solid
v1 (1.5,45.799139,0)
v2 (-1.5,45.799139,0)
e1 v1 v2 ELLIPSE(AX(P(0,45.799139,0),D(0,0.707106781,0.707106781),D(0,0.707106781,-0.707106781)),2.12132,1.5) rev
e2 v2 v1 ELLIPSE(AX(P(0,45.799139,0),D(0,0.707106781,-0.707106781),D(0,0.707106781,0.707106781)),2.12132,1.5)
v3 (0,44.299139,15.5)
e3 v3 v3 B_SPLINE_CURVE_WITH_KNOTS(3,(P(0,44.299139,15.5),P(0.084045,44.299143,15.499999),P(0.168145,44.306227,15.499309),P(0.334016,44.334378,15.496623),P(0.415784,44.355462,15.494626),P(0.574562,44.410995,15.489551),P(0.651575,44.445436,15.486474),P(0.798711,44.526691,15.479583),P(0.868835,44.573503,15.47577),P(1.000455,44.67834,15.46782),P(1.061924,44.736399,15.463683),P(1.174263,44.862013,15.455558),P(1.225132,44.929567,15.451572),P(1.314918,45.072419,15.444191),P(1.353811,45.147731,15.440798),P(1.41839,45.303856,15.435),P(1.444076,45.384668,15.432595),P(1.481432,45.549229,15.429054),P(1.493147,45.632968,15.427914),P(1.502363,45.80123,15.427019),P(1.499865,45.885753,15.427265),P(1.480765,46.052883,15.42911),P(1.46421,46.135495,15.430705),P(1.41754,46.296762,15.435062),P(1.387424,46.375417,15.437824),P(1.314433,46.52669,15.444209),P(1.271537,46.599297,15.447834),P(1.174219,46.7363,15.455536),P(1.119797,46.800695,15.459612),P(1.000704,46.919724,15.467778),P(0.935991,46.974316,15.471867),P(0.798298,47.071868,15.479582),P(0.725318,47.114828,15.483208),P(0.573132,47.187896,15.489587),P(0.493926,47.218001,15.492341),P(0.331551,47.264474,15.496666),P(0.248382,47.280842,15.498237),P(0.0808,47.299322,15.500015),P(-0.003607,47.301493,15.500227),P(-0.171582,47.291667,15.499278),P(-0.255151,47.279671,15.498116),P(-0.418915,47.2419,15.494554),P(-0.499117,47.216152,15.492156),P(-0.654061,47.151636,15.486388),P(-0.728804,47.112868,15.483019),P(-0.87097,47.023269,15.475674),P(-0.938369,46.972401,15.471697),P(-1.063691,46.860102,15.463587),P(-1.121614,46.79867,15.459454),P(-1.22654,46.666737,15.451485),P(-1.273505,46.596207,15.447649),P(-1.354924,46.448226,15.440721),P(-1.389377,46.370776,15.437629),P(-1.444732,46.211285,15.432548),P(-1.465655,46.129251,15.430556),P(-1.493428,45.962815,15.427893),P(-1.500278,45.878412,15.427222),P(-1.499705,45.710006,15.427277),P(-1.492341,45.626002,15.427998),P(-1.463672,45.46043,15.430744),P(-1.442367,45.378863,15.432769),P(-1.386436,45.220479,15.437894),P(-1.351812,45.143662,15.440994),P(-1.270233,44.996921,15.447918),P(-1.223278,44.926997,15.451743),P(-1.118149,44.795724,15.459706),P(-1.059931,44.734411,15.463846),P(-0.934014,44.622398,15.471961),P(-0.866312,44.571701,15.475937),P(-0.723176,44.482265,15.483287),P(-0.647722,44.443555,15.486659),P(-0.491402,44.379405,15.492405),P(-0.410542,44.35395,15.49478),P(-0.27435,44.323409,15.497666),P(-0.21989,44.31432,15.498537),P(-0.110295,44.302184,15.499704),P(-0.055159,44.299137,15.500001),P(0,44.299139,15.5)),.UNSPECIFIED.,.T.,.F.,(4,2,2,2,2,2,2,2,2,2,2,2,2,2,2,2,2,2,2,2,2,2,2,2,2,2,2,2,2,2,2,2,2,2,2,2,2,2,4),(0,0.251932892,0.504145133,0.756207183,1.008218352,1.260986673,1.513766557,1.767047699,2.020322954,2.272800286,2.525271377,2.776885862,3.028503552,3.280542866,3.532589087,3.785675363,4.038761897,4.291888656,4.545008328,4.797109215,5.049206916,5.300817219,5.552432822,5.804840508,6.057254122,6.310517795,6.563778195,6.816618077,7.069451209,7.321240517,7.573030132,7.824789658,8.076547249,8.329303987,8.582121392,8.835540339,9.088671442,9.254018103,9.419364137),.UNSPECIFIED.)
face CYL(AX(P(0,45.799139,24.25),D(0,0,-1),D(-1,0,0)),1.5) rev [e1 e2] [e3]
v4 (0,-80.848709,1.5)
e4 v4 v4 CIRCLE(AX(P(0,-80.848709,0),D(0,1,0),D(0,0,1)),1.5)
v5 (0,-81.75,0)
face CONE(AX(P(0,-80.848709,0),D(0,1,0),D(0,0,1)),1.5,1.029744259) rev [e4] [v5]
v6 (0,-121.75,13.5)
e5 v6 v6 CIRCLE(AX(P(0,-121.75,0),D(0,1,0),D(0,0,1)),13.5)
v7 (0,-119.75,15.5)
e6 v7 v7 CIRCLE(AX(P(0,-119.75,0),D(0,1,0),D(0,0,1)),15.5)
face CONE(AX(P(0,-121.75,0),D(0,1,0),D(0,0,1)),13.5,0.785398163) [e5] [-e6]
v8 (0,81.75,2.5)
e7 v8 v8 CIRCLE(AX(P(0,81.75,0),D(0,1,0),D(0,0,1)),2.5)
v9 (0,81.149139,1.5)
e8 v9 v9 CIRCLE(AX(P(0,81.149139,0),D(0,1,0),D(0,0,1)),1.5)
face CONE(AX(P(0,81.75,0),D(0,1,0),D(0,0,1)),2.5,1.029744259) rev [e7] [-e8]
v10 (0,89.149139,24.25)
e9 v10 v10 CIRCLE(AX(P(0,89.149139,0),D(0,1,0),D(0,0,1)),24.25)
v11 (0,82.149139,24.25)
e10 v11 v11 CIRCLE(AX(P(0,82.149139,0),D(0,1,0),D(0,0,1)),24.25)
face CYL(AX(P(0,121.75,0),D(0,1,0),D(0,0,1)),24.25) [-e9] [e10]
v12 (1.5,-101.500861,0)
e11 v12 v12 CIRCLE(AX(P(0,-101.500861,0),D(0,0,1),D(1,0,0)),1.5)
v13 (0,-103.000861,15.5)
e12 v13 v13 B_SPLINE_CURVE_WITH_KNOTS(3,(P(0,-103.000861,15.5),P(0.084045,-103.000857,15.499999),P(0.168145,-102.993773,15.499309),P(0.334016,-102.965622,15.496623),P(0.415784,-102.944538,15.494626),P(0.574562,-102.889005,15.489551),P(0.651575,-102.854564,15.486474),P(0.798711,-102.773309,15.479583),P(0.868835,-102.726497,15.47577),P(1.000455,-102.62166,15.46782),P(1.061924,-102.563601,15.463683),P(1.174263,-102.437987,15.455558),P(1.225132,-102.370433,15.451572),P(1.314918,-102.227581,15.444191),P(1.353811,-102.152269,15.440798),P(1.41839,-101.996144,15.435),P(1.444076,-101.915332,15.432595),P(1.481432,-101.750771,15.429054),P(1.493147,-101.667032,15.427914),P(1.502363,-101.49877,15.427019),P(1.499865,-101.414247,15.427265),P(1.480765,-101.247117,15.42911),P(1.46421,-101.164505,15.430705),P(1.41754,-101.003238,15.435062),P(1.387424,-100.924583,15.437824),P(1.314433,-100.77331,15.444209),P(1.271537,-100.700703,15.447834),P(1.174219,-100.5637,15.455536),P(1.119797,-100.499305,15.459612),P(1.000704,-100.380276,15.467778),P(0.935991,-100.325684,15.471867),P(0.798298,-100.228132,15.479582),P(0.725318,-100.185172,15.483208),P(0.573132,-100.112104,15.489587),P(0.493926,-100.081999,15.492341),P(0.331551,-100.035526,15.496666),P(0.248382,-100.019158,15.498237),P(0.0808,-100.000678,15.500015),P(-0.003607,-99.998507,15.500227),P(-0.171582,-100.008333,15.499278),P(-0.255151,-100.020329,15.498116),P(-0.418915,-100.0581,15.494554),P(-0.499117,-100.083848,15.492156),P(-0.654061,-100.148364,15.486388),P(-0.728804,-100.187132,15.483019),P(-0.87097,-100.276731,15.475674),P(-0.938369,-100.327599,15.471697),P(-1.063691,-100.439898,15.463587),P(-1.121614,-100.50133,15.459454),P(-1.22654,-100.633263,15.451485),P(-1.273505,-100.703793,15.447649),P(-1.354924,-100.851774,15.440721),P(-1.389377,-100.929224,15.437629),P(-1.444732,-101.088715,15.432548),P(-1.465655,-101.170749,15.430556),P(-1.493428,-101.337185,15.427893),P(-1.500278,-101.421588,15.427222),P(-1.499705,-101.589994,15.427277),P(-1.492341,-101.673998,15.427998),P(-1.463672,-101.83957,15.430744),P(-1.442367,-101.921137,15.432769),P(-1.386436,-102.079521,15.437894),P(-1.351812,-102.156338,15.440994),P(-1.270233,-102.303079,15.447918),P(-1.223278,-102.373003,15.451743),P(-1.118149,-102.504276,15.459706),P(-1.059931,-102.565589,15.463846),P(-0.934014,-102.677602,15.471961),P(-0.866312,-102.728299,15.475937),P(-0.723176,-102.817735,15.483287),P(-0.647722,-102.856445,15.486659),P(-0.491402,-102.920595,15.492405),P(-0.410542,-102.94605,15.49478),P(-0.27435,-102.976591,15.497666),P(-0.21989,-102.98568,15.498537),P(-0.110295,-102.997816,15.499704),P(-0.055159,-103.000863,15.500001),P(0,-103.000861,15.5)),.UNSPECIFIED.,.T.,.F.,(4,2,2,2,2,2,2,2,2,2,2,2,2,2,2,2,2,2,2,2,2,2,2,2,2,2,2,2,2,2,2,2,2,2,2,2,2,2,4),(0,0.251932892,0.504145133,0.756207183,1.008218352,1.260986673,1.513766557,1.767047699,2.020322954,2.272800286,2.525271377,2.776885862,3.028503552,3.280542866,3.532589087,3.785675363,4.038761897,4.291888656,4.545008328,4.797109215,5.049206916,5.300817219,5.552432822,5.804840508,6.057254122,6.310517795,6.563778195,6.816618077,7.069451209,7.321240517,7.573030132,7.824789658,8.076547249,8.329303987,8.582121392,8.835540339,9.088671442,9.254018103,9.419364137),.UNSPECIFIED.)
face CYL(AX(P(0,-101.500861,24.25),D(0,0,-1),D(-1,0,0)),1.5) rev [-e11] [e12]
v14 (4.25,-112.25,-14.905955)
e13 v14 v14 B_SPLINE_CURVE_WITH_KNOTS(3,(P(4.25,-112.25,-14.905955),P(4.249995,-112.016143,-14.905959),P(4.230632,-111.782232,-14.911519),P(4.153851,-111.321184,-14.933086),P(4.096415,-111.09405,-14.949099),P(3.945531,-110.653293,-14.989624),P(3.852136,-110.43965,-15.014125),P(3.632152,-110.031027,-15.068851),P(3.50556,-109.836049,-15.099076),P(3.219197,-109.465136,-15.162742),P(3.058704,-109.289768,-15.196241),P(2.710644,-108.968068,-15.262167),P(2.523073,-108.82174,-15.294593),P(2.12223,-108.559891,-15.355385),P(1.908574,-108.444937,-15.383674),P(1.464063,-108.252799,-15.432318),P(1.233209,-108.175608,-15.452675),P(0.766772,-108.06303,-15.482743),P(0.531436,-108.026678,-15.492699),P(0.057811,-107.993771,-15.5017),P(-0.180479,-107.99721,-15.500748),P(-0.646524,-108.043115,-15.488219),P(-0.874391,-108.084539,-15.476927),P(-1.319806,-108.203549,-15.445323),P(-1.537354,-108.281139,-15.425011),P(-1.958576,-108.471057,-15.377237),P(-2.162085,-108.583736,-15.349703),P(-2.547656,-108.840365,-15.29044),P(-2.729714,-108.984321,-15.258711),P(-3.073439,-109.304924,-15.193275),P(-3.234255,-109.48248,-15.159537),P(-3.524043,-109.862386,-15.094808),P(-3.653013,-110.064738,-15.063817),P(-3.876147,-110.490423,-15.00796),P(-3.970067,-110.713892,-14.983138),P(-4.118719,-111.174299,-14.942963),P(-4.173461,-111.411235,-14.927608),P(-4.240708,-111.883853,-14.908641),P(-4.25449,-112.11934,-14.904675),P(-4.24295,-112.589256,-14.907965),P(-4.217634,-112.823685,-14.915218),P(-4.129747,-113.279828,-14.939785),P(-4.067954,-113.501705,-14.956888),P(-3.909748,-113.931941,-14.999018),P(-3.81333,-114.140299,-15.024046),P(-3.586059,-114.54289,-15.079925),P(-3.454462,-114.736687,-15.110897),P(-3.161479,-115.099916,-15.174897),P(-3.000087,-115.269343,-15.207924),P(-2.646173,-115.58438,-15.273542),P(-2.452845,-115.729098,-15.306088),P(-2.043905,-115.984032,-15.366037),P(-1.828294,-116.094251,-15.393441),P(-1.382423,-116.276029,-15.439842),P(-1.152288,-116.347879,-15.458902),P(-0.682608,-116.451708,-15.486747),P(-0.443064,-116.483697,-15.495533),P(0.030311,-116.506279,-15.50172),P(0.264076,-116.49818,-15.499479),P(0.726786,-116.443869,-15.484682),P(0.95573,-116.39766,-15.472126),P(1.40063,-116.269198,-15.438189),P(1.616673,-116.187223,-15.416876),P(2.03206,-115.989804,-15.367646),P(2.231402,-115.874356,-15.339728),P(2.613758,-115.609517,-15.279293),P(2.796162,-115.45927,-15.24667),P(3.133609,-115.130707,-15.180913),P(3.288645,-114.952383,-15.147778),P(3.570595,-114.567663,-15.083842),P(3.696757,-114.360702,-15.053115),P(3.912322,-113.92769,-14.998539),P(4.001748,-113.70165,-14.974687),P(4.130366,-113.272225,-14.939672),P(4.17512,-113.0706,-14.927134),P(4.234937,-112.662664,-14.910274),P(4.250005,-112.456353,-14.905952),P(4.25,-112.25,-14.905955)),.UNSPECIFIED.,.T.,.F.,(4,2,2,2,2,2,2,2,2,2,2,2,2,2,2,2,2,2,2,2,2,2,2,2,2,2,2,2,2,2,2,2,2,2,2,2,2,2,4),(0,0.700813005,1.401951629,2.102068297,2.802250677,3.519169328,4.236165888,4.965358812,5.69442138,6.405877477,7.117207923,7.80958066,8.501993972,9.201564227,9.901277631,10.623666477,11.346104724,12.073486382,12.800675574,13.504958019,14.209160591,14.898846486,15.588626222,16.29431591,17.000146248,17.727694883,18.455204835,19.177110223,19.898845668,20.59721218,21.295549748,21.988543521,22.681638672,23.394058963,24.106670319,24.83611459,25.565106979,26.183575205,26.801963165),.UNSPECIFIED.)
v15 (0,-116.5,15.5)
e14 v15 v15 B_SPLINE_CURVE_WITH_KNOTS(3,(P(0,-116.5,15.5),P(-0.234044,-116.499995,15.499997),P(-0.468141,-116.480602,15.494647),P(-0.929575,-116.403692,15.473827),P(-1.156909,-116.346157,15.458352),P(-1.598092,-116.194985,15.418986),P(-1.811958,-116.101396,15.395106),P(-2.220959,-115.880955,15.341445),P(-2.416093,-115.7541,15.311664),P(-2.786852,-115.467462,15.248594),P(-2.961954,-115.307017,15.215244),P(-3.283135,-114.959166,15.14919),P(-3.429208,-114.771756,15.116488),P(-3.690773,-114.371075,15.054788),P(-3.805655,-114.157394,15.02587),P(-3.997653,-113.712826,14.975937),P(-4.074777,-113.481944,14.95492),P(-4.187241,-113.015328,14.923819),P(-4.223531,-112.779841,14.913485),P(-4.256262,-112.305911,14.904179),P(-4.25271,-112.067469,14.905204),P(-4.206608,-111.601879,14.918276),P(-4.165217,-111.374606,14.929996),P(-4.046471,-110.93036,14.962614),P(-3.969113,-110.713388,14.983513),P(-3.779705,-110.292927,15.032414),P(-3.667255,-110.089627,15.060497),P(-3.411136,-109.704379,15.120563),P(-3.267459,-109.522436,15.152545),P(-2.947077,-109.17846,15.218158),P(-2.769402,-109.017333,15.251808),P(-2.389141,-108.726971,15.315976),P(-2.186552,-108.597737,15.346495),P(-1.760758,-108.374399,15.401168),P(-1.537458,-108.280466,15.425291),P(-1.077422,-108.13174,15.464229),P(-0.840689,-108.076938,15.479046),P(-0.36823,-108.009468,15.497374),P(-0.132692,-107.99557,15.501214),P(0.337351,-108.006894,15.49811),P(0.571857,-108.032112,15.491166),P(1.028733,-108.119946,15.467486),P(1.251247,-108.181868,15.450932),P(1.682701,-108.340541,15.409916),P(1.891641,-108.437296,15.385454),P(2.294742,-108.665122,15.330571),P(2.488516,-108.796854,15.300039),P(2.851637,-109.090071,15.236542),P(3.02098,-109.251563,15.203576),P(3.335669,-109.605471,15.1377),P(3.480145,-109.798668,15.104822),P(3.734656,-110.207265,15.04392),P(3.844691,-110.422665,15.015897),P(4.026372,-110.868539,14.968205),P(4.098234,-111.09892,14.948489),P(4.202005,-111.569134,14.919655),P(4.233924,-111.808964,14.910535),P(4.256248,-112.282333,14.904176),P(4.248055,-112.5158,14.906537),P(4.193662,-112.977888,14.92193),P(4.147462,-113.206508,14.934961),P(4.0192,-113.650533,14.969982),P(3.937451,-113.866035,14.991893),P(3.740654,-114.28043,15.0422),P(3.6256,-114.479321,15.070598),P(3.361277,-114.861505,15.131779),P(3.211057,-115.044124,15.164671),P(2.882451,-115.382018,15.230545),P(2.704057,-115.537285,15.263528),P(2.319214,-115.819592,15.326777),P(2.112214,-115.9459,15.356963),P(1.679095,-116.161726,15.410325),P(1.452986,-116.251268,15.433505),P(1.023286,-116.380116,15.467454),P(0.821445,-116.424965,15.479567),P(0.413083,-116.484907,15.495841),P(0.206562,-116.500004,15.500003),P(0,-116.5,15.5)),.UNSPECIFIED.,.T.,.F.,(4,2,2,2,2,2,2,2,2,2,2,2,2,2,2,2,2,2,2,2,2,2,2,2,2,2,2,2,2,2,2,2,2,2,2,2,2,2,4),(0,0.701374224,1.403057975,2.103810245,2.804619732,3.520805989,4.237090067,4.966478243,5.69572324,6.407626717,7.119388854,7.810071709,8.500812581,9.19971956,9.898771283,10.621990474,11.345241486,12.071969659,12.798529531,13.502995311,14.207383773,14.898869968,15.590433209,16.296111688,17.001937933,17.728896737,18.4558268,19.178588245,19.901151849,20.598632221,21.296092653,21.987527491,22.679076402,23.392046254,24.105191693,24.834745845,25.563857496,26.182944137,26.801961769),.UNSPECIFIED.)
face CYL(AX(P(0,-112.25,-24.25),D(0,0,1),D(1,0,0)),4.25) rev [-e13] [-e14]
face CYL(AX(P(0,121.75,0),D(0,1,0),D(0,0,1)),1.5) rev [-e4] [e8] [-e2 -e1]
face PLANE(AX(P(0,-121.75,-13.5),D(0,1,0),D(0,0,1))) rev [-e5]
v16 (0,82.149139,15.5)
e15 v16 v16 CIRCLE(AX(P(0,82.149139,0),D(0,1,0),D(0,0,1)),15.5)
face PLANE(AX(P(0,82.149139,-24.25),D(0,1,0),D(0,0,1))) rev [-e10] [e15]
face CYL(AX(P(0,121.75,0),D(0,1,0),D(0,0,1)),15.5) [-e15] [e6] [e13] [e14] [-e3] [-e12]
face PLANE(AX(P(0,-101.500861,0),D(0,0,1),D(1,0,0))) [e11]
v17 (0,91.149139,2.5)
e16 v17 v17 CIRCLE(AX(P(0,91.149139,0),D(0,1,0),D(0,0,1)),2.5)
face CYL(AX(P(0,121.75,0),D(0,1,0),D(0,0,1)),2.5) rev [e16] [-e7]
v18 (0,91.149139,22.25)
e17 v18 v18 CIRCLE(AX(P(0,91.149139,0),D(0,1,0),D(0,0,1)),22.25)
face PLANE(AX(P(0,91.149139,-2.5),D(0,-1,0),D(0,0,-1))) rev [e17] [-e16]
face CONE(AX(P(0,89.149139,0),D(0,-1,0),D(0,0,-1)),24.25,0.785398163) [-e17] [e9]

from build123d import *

# Parameters (mm, degrees)
ESBO_O2_R                  = 1.5
CORTE_EXTRUS_O1_DEPTH      = 127.487894678
CORTE_EXTRUS_O2_DEPTH      = 127.487894678
CORTE_EXTRUS_O2_DEPTH_BACK = 127.487894678
ESBO_O3_R                  = 4.25


with BuildPart() as part:
    # Esboço1 → Revolução1 (revolve)
    with BuildSketch(Plane(origin=(0, 0, 0), x_dir=(0, 0, -1), z_dir=(1, 0, 0)), mode=Mode.PRIVATE) as revolu_o1_sk:
        Polygon((2.5, 91.149139381), (22.25, 91.149139381), (24.25, 89.149139381), (24.25, 82.149139381), (15.5, 82.149139381), (15.5, -119.75), (13.5, -121.75), (0, -121.75), (0, -81.75), (1.5, -80.848709071), (1.5, 81.149139381), (2.5, 81.75), align=None)
    revolve(revolu_o1_sk.sketch.rotate(Axis((0, 121.75, 0), (0, -1, 0)), 180), axis=Axis((0, 121.75, 0), (0, -1, 0)))

    # Esboço2 → Corte-extrusão1 (cut, through all)
    with BuildSketch(Plane.XY):
        with Locations(Location((0, 45.799139381, 0), (0, 0, 90))):
            Circle(ESBO_O2_R)
        with Locations(Location((0, -101.500860619, 0), (0, 0, 90))):
            Circle(ESBO_O2_R)
    extrude(amount=CORTE_EXTRUS_O1_DEPTH, mode=Mode.SUBTRACT)

    # Esboço3 → Corte-extrusão2 (cut, two sides: drawn at the far end of the back side and taken through both)
    with BuildSketch(Plane.XY.offset(-CORTE_EXTRUS_O2_DEPTH_BACK)):
        with Locations((0, -112.25)):
            Circle(ESBO_O3_R)
    extrude(amount=CORTE_EXTRUS_O2_DEPTH + CORTE_EXTRUS_O2_DEPTH_BACK, mode=Mode.SUBTRACT)


solid = part.part
